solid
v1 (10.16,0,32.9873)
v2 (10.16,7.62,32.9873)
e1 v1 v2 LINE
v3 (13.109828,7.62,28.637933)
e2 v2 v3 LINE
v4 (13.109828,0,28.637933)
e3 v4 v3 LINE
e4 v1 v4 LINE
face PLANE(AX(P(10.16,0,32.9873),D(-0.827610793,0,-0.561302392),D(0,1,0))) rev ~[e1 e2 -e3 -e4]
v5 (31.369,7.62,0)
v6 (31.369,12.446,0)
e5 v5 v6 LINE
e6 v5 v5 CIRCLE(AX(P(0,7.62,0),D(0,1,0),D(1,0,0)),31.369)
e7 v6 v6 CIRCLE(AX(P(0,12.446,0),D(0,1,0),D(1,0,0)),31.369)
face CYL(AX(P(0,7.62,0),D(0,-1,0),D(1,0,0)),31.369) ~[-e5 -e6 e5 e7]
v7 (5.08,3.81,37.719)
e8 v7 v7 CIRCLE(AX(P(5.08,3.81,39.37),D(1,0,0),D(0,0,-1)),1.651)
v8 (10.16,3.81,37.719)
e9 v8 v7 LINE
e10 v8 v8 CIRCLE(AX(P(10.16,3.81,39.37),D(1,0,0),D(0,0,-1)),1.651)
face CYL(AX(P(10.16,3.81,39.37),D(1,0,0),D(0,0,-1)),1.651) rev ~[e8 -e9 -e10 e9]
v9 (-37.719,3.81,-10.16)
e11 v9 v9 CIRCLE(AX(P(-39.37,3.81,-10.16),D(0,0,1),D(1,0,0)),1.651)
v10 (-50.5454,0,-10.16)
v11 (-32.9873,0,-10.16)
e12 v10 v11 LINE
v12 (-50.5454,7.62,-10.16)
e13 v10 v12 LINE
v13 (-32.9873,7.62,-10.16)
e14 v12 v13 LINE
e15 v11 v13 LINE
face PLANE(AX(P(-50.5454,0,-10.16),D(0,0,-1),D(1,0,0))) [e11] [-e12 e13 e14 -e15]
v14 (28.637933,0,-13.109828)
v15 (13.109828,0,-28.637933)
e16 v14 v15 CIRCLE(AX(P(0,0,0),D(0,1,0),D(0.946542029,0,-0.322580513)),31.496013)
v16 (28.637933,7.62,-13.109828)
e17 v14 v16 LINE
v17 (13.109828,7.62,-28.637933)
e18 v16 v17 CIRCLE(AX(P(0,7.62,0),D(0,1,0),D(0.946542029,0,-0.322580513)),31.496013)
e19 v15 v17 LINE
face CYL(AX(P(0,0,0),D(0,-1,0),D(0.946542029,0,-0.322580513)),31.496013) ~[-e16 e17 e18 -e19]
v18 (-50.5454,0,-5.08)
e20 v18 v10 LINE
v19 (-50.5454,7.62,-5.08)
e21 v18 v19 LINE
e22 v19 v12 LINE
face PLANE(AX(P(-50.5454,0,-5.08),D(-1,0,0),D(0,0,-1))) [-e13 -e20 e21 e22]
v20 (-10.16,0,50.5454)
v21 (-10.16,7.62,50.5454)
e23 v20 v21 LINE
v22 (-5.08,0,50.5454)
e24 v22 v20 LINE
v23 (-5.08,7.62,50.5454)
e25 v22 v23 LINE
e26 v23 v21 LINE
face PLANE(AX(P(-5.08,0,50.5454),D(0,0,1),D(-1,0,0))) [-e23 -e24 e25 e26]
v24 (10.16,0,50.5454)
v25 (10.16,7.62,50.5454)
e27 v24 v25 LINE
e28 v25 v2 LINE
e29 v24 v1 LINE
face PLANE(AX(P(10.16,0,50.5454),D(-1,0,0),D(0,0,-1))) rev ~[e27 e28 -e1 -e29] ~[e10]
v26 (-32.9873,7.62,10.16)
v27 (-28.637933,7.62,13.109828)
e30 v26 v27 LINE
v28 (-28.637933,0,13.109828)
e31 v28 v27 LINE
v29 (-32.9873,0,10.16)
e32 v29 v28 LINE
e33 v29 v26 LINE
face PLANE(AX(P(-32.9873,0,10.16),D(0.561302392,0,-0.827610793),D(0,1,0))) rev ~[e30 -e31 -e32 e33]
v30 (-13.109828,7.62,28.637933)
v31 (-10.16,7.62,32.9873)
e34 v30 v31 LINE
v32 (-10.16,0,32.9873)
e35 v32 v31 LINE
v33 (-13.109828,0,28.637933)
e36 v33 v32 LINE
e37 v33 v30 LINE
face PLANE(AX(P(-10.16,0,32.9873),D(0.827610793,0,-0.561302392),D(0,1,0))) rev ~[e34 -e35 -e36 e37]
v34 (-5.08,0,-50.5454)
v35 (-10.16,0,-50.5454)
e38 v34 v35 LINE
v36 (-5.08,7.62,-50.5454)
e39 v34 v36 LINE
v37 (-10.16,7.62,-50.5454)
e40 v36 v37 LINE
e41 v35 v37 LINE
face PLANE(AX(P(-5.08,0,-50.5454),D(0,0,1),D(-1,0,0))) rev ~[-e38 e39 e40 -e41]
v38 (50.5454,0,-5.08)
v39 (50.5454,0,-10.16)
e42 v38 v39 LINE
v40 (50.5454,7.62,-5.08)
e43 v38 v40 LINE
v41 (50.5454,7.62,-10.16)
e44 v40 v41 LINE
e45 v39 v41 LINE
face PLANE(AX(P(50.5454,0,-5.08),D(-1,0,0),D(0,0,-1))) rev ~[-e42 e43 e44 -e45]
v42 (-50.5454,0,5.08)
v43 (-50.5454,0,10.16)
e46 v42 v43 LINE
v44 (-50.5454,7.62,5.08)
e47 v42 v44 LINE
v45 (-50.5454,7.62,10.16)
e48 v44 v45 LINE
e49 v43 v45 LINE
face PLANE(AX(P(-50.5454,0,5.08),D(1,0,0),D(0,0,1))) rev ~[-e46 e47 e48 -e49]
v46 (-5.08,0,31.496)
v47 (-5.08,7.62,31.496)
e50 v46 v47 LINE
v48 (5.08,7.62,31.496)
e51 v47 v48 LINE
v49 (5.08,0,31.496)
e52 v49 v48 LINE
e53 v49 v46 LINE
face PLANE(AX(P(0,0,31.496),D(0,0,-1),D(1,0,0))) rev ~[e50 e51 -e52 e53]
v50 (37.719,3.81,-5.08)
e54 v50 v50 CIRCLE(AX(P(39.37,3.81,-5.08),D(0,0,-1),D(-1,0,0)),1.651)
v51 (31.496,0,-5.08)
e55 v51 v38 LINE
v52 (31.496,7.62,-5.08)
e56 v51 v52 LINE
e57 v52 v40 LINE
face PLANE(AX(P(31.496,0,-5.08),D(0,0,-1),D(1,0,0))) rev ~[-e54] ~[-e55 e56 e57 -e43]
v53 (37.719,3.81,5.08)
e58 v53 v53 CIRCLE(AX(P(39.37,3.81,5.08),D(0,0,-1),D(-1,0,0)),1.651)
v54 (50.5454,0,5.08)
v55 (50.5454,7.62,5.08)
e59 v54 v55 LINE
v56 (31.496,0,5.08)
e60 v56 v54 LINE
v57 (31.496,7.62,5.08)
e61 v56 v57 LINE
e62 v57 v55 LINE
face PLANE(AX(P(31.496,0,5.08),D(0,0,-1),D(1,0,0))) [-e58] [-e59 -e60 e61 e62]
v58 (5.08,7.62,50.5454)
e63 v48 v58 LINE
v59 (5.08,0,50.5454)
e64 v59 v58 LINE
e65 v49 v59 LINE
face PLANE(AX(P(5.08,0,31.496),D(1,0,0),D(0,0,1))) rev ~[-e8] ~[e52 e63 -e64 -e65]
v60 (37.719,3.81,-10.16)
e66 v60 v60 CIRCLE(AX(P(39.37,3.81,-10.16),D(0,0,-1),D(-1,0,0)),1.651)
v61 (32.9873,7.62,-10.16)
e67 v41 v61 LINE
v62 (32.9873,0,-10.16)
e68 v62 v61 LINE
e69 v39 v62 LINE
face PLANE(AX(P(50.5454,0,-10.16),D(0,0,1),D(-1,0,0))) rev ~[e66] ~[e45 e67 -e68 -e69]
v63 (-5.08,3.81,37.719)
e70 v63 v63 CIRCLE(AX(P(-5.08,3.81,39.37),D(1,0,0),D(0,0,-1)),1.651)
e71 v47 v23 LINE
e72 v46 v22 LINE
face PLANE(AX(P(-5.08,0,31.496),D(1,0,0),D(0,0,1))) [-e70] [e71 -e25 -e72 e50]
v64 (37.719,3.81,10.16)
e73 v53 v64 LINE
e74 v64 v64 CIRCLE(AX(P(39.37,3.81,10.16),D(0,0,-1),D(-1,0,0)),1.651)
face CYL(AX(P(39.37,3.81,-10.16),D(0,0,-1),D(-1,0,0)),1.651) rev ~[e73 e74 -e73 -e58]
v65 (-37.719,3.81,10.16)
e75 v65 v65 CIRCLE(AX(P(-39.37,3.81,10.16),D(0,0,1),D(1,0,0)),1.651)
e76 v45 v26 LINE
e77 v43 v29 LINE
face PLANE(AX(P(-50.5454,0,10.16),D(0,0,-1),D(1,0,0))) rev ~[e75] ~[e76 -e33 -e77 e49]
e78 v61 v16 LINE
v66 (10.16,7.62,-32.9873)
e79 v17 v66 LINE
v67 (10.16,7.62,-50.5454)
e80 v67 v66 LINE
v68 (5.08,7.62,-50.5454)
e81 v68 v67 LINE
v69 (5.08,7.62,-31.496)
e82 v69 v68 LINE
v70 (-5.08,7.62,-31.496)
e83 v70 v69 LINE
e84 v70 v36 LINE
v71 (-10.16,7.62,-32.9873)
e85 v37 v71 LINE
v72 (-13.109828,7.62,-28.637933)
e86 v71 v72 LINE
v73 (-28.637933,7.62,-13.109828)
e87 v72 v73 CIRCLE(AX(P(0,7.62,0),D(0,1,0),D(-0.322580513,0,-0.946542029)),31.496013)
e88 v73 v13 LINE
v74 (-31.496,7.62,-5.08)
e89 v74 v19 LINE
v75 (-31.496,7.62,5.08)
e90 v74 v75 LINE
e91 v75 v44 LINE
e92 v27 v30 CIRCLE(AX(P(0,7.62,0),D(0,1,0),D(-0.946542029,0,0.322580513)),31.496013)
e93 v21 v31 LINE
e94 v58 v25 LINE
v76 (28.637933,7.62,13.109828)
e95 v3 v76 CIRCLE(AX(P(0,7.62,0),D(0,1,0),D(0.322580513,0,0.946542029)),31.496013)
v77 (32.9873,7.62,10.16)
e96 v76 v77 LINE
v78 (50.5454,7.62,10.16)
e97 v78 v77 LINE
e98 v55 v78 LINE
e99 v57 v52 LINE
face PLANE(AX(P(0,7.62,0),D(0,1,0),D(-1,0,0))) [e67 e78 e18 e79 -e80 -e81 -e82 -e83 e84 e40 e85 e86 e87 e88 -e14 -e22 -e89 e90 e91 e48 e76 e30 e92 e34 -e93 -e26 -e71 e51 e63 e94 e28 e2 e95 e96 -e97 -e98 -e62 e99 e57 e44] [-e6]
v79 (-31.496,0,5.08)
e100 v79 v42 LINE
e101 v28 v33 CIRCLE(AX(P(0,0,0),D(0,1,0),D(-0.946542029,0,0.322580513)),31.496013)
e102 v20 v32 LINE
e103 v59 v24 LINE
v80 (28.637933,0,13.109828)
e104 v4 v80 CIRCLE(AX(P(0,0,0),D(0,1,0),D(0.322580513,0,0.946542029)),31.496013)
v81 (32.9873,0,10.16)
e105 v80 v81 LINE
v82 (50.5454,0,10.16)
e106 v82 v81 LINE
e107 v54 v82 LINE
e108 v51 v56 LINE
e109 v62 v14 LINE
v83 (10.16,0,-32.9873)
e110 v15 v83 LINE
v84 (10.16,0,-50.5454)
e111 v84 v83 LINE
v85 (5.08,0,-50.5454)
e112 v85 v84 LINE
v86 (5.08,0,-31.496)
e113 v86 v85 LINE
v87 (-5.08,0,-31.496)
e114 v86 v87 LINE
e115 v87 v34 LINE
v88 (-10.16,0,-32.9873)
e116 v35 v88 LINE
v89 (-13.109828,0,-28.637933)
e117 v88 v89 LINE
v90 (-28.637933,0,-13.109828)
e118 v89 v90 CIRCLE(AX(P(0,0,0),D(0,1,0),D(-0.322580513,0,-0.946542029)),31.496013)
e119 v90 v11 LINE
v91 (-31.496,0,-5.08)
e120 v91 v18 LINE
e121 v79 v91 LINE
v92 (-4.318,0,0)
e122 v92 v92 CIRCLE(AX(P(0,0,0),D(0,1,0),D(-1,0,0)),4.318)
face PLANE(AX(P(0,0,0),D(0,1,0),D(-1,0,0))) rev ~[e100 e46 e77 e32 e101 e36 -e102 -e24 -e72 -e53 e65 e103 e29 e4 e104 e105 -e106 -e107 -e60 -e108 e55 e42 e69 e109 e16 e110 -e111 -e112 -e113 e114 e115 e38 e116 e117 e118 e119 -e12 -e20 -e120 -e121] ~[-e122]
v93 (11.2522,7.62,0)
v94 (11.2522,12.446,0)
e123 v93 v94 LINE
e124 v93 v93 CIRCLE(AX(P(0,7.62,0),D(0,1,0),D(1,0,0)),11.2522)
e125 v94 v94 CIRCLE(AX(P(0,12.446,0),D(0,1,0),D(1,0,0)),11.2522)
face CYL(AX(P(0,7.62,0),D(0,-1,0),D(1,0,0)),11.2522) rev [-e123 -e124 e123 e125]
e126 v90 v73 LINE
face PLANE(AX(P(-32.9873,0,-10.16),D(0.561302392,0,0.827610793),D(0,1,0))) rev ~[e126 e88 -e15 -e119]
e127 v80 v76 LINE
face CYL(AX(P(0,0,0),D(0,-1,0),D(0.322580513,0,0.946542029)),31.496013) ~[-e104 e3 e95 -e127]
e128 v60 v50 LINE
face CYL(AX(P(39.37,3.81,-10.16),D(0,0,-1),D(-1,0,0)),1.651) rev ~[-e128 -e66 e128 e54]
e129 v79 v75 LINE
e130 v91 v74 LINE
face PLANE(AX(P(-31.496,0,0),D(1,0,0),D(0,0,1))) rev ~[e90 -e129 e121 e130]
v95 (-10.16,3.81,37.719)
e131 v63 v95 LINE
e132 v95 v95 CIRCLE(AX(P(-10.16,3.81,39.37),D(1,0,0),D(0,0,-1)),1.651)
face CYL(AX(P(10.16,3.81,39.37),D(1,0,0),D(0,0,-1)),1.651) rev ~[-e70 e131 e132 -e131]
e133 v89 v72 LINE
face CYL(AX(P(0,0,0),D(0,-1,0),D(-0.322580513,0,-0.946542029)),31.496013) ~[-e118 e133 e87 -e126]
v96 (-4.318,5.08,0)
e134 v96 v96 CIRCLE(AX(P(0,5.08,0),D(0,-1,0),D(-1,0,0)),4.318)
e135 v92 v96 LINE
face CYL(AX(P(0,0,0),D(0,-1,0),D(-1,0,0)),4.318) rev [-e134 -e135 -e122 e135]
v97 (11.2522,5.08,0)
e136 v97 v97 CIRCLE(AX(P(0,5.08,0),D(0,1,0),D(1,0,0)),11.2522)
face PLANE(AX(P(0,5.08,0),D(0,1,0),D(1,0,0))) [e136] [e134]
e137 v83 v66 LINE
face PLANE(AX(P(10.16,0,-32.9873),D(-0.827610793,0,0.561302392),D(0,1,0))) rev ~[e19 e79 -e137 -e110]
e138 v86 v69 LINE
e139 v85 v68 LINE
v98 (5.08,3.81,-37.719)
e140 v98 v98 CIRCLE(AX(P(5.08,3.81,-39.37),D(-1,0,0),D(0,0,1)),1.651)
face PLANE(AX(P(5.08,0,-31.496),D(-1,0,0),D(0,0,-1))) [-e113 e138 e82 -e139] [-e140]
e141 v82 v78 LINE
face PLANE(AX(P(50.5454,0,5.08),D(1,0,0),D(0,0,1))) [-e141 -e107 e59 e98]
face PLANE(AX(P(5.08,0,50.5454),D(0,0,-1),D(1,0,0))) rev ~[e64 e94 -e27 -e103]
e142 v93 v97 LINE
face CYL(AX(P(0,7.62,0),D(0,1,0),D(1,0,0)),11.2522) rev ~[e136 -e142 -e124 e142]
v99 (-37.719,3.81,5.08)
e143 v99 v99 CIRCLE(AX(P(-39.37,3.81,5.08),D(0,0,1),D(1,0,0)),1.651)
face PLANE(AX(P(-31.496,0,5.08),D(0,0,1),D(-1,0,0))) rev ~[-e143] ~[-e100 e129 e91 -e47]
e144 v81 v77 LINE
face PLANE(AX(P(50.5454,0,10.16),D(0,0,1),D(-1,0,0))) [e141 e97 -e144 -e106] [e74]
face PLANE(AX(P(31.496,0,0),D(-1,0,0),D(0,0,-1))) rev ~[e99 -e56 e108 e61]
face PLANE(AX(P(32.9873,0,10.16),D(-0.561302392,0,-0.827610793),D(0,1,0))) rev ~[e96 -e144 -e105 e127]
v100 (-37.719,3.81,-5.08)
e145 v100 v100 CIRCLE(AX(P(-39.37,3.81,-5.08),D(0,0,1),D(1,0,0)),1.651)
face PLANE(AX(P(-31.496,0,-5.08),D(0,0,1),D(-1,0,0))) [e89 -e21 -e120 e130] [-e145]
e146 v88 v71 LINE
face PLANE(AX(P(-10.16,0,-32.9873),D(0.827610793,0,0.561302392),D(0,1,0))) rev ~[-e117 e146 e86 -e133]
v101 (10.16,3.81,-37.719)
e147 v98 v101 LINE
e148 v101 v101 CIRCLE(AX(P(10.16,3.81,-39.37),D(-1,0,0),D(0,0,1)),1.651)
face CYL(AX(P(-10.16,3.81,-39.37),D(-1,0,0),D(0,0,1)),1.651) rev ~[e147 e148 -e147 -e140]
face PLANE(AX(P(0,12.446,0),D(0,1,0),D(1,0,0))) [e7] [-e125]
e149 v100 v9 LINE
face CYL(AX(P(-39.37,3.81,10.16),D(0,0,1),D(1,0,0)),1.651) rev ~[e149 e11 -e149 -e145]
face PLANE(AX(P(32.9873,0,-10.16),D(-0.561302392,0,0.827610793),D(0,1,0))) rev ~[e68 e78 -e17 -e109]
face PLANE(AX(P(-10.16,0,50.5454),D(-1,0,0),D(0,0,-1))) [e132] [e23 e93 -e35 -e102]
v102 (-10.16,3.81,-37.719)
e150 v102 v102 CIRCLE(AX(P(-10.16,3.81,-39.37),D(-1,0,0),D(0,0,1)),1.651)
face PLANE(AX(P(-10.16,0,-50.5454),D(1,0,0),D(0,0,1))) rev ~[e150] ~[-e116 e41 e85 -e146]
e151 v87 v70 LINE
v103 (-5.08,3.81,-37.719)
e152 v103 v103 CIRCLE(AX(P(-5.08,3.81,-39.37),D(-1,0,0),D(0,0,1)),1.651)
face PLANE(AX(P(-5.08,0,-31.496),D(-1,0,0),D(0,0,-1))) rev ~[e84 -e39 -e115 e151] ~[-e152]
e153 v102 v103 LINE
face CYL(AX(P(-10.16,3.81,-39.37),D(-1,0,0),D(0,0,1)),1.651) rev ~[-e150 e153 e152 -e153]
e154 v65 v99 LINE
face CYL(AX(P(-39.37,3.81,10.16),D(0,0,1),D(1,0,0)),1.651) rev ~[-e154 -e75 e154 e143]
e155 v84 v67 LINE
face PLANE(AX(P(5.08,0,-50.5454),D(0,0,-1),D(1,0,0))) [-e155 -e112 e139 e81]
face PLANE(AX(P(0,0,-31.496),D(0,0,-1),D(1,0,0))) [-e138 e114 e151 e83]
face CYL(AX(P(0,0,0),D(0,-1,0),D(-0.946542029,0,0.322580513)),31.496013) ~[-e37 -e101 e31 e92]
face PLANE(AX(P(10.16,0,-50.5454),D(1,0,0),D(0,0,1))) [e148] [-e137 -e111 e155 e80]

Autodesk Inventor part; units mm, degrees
ref_plane "YZ Plane" through (0, 0, 0) normal (1, 0, 0) x (0, 1, 0)
ref_plane "XZ Plane" through (0, 0, 0) normal (0, 1, 0) x (-1, 0, 0)
ref_plane "XY Plane" through (0, 0, 0) normal (0, 0, 1) x (1, 0, 0)
sketch "Sketch1" plane through (0, 0, 0) normal (0, 1, 0) x (-1, 0, 0)
  circle A0 centre (0, 0) radius 4.318
  line L0 (0, -31.496) -> (5.08, -31.496)
  line L1 (0, -31.496) -> (-5.08, -31.496)
  line L2 (31.496, 0) -> (31.496, 5.08)
  line L3 (31.496, 0) -> (31.496, -5.08)
  line L4 (0, 31.496) -> (-5.08, 31.496)
  line L5 (0, 31.496) -> (5.08, 31.496)
  line L6 (-31.496, 0) -> (-31.496, -5.08)
  line L7 (-31.496, 0) -> (-31.496, 5.08)
  line L8 (31.496, 5.08) -> (50.5454, 5.08)
  line L9 (31.496, -5.08) -> (50.5454, -5.08)
  line L10 (5.08, -31.496) -> (5.08, -50.5454)
  line L11 (-5.08, -31.496) -> (-5.08, -50.5454)
  line L12 (-31.496, -5.08) -> (-50.5454, -5.08)
  line L13 (-31.496, 5.08) -> (-50.5454, 5.08)
  line L14 (-5.08, 31.496) -> (-5.08, 50.5454)
  line L15 (5.08, 31.496) -> (5.08, 50.5454)
  line L16 (-50.5454, 5.08) -> (-50.5454, 10.16)
  line L17 (-50.5454, -5.08) -> (-50.5454, -10.16)
  line L18 (-5.08, -50.5454) -> (-10.16, -50.5454)
  line L19 (5.08, -50.5454) -> (10.16, -50.5454)
  line L20 (50.5454, -5.08) -> (50.5454, -10.16)
  line L21 (50.5454, 5.08) -> (50.5454, 10.16)
  line L22 (5.08, 50.5454) -> (10.16, 50.5454)
  line L23 (-5.08, 50.5454) -> (-10.16, 50.5454)
  line L24 (-10.16, 50.5454) -> (-10.16, 29.8123)
  line L25 (10.16, 50.5454) -> (10.16, 29.8123)
  line L26 (-50.5454, 10.16) -> (-29.8123, 10.16)
  line L27 (-50.5454, -10.16) -> (-29.8123, -10.16)
  line L28 (-10.16, -50.5454) -> (-10.16, -29.8123)
  line L29 (10.16, -50.5454) -> (10.16, -29.8123)
  line L30 (50.5454, -10.16) -> (29.8123, -10.16)
  line L31 (50.5454, 10.16) -> (29.8123, 10.16)
  arc A1 (-10.16, 29.8123) -> (-29.8123, 10.16) centre (0, 0) ccw
  arc A2 (-29.8123, -10.16) -> (-10.16, -29.8123) centre (0, 0) ccw
  arc A3 (10.16, -29.8123) -> (29.8123, -10.16) centre (0, 0) ccw
  arc A4 (29.8123, 10.16) -> (10.16, 29.8123) centre (0, 0) ccw
  dimension "d7" = 360
  dimension "d13" = 360
  dimension "d0" = 8.636
  dimension "d9" = 5.08
  dimension "d10" = 5.08
extrude "Extrusion1" add sketch "Sketch1" along normal blind 7.62
sketch "Sketch2" plane through (10.16, 0, 50.5454) normal (1, 0, 0) x (0, 0, -1)
  line L0 (0, 0) -> (20.7331, 0) projected
  circle A0 centre (11.1754, 3.81) radius 1.651
  point P0 (50.5454, 0)
  dimension "d19" = 3.302
extrude "Extrusion2" cut sketch "Sketch2" against normal up to surface (20.32 mm away)
pattern_circular "Circular Pattern1" count 4 over 360 about axis through (0, 0, 0) along (0, 1, 0) of "Extrusion2"
sketch "Sketch3" plane through (0, 7.62, 0) normal (0, 1, 0) x (1, 0, 0)
  circle A0 centre (0, 0) radius 31.369
  circle A1 centre (0, 0) radius 11.2522
  dimension "d25" = 62.738
  dimension "d26" = 22.5044
extrude "Extrusion3" add sketch "Sketch3" along normal blind 4.826
sketch "Sketch4" plane through (0, 7.62, 0) normal (0, 1, 0) x (1, 0, 0)
  circle A0 centre (0, 0) radius 11.2522 projected
extrude "Extrusion4" cut sketch "Sketch4" against normal blind 2.54
chamfer "Chamfer1" distance 3.175 angle 45 8 edges at (10.16, 3.81, 29.8123) (29.8123, 3.81, 10.16) (-10.16, 3.81, 29.8123) (-29.8123, 3.81, 10.16) (-29.8123, 3.81, -10.16) (-10.16, 3.81, -29.8123) (10.16, 3.81, -29.8123) (29.8123, 3.81, -10.16)
properties part number "center"
